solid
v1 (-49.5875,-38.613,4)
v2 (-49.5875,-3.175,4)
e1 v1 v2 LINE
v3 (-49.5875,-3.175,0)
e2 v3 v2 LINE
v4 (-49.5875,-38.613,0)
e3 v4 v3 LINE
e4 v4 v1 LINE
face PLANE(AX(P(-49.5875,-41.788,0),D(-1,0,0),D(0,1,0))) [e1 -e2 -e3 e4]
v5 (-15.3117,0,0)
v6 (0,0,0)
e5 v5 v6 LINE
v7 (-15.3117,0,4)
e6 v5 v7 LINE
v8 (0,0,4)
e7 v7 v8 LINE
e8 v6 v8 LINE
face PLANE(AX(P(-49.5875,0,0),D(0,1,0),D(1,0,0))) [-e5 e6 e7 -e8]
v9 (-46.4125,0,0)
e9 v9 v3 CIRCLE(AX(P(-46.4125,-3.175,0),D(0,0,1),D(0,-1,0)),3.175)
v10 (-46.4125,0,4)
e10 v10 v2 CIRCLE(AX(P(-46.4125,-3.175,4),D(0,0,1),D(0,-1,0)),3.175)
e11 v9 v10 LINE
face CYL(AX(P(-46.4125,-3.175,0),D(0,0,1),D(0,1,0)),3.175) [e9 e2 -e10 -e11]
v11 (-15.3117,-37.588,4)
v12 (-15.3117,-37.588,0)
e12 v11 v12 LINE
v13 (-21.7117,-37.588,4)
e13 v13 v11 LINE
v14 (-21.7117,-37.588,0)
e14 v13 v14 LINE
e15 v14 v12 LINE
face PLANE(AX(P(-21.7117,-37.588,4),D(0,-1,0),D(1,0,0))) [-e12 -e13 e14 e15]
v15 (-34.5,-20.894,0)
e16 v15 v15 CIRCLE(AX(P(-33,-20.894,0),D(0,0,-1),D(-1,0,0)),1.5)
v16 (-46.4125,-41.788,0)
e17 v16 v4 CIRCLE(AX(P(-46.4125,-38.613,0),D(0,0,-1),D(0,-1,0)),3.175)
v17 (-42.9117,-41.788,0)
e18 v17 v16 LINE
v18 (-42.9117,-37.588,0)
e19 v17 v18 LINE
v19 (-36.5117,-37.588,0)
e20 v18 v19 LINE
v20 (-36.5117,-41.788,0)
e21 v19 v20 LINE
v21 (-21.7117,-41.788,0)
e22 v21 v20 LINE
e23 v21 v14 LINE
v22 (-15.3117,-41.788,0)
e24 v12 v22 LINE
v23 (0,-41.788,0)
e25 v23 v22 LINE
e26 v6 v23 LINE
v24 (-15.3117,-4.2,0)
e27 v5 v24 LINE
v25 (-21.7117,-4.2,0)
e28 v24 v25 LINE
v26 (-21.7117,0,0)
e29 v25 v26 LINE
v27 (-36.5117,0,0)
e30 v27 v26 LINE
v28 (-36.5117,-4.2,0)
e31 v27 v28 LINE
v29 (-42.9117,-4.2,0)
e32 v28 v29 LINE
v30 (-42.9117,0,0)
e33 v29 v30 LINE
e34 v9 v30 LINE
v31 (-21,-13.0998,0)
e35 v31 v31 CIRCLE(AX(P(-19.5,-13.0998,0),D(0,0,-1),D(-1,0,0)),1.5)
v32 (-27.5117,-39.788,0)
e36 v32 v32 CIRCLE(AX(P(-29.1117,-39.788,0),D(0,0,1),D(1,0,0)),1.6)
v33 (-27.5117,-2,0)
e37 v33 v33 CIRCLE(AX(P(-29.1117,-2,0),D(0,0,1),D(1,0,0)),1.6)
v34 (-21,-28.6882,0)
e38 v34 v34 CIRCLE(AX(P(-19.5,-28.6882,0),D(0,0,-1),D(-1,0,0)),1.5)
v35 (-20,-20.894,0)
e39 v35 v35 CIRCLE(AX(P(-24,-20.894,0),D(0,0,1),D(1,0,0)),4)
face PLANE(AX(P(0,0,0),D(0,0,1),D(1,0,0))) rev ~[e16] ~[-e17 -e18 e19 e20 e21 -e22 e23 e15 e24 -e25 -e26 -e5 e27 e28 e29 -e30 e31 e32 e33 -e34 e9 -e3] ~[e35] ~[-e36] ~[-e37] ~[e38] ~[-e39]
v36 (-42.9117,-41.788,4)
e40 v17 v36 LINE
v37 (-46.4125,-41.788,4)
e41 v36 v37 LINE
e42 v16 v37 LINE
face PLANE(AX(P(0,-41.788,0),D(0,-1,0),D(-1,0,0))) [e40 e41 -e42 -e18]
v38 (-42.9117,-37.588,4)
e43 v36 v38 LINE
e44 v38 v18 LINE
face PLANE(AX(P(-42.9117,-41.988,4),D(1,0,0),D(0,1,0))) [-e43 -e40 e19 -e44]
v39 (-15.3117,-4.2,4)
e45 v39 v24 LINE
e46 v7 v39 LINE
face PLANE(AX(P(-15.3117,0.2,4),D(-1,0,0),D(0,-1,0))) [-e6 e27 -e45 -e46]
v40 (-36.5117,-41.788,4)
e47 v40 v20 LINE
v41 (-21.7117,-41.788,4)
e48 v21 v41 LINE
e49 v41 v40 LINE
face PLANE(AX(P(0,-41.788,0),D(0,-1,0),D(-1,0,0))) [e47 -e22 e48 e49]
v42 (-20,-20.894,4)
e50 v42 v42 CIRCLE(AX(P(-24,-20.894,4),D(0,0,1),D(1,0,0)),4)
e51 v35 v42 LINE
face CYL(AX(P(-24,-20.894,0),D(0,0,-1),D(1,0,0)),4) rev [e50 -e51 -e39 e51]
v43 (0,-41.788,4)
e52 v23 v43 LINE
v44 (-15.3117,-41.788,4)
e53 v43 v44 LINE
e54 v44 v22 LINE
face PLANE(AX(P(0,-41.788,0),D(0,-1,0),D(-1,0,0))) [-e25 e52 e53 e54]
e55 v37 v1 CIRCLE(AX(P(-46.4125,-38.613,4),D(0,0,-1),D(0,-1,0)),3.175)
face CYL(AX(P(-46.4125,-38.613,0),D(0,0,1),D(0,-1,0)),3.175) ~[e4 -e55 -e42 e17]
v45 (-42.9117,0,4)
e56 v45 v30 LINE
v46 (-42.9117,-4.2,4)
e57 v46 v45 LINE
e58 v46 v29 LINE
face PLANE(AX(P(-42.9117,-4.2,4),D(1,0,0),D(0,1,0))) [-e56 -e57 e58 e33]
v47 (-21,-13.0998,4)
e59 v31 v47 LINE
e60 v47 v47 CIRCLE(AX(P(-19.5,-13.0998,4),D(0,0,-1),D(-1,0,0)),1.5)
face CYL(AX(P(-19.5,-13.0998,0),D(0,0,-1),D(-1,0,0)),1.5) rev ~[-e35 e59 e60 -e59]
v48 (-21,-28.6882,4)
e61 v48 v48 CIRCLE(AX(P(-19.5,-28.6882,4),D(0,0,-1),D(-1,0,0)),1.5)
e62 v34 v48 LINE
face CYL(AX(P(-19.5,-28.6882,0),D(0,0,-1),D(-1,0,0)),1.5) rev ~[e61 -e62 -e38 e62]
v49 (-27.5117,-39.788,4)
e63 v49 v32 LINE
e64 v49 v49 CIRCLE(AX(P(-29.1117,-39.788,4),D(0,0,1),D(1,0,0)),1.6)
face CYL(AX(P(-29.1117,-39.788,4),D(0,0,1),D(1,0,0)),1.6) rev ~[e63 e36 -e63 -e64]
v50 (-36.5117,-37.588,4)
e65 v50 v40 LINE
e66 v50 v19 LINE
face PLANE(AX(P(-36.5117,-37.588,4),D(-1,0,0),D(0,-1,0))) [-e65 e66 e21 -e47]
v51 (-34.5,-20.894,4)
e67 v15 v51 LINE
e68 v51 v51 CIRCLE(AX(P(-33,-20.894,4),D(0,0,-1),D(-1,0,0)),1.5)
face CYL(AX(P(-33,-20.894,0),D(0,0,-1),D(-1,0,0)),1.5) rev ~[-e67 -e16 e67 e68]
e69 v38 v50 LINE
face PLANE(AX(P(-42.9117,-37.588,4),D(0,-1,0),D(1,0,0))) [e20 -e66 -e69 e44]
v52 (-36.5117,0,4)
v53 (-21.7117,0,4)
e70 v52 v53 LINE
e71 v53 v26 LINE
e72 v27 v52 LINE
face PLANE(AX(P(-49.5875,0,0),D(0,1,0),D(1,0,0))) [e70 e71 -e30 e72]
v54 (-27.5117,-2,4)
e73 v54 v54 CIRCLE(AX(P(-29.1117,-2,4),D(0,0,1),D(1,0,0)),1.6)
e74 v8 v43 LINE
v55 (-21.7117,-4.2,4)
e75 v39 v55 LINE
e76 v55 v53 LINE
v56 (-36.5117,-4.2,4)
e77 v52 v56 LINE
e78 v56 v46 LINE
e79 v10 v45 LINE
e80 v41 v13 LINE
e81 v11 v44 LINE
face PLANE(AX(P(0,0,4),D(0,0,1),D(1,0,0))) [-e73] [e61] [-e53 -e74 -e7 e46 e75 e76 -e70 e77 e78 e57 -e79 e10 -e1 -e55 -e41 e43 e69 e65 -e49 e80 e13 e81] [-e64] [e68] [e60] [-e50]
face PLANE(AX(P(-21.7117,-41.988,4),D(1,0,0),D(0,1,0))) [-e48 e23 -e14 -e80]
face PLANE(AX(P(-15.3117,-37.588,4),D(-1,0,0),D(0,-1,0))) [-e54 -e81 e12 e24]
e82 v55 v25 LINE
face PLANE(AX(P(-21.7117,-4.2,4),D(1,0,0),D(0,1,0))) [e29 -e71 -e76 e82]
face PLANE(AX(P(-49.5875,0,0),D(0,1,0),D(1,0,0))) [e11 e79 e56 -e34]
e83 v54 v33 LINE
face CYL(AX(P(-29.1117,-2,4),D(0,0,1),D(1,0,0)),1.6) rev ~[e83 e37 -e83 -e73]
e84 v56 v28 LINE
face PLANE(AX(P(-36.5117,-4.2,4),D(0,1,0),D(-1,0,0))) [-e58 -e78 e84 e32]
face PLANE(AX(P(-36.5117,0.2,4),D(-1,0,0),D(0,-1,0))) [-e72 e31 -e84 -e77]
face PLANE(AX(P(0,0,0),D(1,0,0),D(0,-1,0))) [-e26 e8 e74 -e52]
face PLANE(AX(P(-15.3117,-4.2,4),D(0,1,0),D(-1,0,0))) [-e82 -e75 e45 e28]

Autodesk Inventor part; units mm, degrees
ref_plane "YZ Plane" through (0, 0, 0) normal (1, 0, 0) x (0, 1, 0)
ref_plane "XZ Plane" through (0, 0, 0) normal (0, 1, 0) x (-1, 0, 0)
ref_plane "XY Plane" through (0, 0, 0) normal (0, 0, 1) x (1, 0, 0)
sketch "Sketch1" plane through (0, 0, 0) normal (0, 0, 1) x (1, 0, 0)
  line L0 (-49.5875, 0) -> (0, 0)
  line L1 (0, 0) -> (0, -41.788)
  line L2 (0, -41.788) -> (-49.5875, -41.788)
  line L3 (-49.5875, -41.788) -> (-49.5875, 0)
  circle A0 centre (-24, -20.894) radius 3.4749 projected
  circle A1 centre (-24, -20.894) radius 4
  point P0 (0, 0)
  dimension "d0" = 8
extrude "Extrusion1" add sketch "Sketch1" along normal blind 4 contours L0 L1 L2 L3
fillet "Fillet1" radius 3.175 2 edges at (-49.5875, 0, 2) (-49.5875, -41.788, 2)
sketch "Sketch2" plane through (0, 0, 4) normal (0, 0, 1) x (1, 0, 0)
  line L0 (-42.7117, -37.788) -> (-36.7117, -37.788) construction
  line L1 (-42.7117, -37.788) -> (-42.7117, -41.788) construction
  line L2 (-36.7117, -41.788) -> (-42.7117, -41.788) construction
  line L3 (-36.7117, -37.788) -> (-36.7117, -41.788) construction
  line L4 (-21.5117, -37.788) -> (-15.5117, -37.788) construction
  line L5 (-21.5117, -37.788) -> (-21.5117, -41.788) construction
  line L6 (-15.5117, -41.788) -> (-21.5117, -41.788) construction
  line L7 (-15.5117, -37.788) -> (-15.5117, -41.788) construction
  line L8 (-21.5117, 0) -> (-15.5117, 0) construction
  line L9 (-21.5117, 0) -> (-21.5117, -4) construction
  line L10 (-15.5117, -4) -> (-21.5117, -4) construction
  line L11 (-15.5117, 0) -> (-15.5117, -4) construction
  line L12 (-42.7117, 0) -> (-36.7117, 0) construction
  line L13 (-42.7117, 0) -> (-42.7117, -4) construction
  line L14 (-36.7117, -4) -> (-42.7117, -4) construction
  line L15 (-36.7117, 0) -> (-36.7117, -4) construction
  line L16 (-27.4117, -4) -> (-30.8117, -4) construction
  line L17 (-27.4117, 0) -> (-27.4117, -4) construction
  line L18 (-30.8117, 0) -> (-27.4117, 0) construction
  line L19 (-30.8117, 0) -> (-30.8117, -4) construction
  line L20 (-27.4117, -41.788) -> (-30.8117, -41.788) construction
  line L21 (-27.4117, -37.788) -> (-27.4117, -41.788) construction
  line L22 (-30.8117, -37.788) -> (-27.4117, -37.788) construction
  line L23 (-30.8117, -37.788) -> (-30.8117, -41.788) construction
  line L24 (-42.9117, -41.988) -> (-42.9117, -37.588)
  line L25 (-42.9117, -37.588) -> (-36.5117, -37.588)
  line L26 (-36.5117, -37.588) -> (-36.5117, -41.988)
  line L27 (-36.5117, -41.988) -> (-42.9117, -41.988)
  line L28 (-21.7117, -41.988) -> (-21.7117, -37.588)
  line L29 (-21.7117, -37.588) -> (-15.3117, -37.588)
  line L30 (-15.3117, -37.588) -> (-15.3117, -41.988)
  line L31 (-15.3117, -41.988) -> (-21.7117, -41.988)
  line L32 (-42.9117, -4.2) -> (-42.9117, 0.2)
  line L33 (-42.9117, 0.2) -> (-36.5117, 0.2)
  line L34 (-36.5117, 0.2) -> (-36.5117, -4.2)
  line L35 (-36.5117, -4.2) -> (-42.9117, -4.2)
  line L36 (-21.7117, -4.2) -> (-21.7117, 0.2)
  line L37 (-21.7117, 0.2) -> (-15.3117, 0.2)
  line L38 (-15.3117, 0.2) -> (-15.3117, -4.2)
  line L39 (-15.3117, -4.2) -> (-21.7117, -4.2)
  circle A0 centre (-29.1117, -39.788) radius 1.6
  circle A1 centre (-29.1117, -2) radius 1.6
  point P0 (0, 0)
  dimension "d4" = 0.2
  dimension "d5" = 0.2
  dimension "d6" = 0.2
  dimension "d7" = 0.2
  dimension "d8" = 3.2
  dimension "d9" = 3.2
extrude "Extrusion2" cut sketch "Sketch2" against normal blind 4
sketch "Sketch3" plane through (0, 0, 0) normal (0, 0, -1) x (-1, 0, 0)
  circle A0 centre (27.6419, -12.6638) radius 1.5 construction
  circle A1 centre (29.3066, -28.1631) radius 1.5 construction
  circle A2 centre (15.0515, -21.8552) radius 1.5 construction
  circle A3 centre (24, -20.894) radius 3.4749 construction
  circle A4 centre (24, -20.894) radius 9 construction
  circle A5 centre (33, -20.894) radius 1.5
  circle A6 centre (19.5, -28.6882) radius 1.5
  circle A7 centre (19.5, -13.0998) radius 1.5
  point P0 (0, 0)
  dimension "d12" = 3
  dimension "d15" = 360
extrude "Extrusion3" cut sketch "Sketch3" against normal blind 4
properties part number "Wiper nut holder"
